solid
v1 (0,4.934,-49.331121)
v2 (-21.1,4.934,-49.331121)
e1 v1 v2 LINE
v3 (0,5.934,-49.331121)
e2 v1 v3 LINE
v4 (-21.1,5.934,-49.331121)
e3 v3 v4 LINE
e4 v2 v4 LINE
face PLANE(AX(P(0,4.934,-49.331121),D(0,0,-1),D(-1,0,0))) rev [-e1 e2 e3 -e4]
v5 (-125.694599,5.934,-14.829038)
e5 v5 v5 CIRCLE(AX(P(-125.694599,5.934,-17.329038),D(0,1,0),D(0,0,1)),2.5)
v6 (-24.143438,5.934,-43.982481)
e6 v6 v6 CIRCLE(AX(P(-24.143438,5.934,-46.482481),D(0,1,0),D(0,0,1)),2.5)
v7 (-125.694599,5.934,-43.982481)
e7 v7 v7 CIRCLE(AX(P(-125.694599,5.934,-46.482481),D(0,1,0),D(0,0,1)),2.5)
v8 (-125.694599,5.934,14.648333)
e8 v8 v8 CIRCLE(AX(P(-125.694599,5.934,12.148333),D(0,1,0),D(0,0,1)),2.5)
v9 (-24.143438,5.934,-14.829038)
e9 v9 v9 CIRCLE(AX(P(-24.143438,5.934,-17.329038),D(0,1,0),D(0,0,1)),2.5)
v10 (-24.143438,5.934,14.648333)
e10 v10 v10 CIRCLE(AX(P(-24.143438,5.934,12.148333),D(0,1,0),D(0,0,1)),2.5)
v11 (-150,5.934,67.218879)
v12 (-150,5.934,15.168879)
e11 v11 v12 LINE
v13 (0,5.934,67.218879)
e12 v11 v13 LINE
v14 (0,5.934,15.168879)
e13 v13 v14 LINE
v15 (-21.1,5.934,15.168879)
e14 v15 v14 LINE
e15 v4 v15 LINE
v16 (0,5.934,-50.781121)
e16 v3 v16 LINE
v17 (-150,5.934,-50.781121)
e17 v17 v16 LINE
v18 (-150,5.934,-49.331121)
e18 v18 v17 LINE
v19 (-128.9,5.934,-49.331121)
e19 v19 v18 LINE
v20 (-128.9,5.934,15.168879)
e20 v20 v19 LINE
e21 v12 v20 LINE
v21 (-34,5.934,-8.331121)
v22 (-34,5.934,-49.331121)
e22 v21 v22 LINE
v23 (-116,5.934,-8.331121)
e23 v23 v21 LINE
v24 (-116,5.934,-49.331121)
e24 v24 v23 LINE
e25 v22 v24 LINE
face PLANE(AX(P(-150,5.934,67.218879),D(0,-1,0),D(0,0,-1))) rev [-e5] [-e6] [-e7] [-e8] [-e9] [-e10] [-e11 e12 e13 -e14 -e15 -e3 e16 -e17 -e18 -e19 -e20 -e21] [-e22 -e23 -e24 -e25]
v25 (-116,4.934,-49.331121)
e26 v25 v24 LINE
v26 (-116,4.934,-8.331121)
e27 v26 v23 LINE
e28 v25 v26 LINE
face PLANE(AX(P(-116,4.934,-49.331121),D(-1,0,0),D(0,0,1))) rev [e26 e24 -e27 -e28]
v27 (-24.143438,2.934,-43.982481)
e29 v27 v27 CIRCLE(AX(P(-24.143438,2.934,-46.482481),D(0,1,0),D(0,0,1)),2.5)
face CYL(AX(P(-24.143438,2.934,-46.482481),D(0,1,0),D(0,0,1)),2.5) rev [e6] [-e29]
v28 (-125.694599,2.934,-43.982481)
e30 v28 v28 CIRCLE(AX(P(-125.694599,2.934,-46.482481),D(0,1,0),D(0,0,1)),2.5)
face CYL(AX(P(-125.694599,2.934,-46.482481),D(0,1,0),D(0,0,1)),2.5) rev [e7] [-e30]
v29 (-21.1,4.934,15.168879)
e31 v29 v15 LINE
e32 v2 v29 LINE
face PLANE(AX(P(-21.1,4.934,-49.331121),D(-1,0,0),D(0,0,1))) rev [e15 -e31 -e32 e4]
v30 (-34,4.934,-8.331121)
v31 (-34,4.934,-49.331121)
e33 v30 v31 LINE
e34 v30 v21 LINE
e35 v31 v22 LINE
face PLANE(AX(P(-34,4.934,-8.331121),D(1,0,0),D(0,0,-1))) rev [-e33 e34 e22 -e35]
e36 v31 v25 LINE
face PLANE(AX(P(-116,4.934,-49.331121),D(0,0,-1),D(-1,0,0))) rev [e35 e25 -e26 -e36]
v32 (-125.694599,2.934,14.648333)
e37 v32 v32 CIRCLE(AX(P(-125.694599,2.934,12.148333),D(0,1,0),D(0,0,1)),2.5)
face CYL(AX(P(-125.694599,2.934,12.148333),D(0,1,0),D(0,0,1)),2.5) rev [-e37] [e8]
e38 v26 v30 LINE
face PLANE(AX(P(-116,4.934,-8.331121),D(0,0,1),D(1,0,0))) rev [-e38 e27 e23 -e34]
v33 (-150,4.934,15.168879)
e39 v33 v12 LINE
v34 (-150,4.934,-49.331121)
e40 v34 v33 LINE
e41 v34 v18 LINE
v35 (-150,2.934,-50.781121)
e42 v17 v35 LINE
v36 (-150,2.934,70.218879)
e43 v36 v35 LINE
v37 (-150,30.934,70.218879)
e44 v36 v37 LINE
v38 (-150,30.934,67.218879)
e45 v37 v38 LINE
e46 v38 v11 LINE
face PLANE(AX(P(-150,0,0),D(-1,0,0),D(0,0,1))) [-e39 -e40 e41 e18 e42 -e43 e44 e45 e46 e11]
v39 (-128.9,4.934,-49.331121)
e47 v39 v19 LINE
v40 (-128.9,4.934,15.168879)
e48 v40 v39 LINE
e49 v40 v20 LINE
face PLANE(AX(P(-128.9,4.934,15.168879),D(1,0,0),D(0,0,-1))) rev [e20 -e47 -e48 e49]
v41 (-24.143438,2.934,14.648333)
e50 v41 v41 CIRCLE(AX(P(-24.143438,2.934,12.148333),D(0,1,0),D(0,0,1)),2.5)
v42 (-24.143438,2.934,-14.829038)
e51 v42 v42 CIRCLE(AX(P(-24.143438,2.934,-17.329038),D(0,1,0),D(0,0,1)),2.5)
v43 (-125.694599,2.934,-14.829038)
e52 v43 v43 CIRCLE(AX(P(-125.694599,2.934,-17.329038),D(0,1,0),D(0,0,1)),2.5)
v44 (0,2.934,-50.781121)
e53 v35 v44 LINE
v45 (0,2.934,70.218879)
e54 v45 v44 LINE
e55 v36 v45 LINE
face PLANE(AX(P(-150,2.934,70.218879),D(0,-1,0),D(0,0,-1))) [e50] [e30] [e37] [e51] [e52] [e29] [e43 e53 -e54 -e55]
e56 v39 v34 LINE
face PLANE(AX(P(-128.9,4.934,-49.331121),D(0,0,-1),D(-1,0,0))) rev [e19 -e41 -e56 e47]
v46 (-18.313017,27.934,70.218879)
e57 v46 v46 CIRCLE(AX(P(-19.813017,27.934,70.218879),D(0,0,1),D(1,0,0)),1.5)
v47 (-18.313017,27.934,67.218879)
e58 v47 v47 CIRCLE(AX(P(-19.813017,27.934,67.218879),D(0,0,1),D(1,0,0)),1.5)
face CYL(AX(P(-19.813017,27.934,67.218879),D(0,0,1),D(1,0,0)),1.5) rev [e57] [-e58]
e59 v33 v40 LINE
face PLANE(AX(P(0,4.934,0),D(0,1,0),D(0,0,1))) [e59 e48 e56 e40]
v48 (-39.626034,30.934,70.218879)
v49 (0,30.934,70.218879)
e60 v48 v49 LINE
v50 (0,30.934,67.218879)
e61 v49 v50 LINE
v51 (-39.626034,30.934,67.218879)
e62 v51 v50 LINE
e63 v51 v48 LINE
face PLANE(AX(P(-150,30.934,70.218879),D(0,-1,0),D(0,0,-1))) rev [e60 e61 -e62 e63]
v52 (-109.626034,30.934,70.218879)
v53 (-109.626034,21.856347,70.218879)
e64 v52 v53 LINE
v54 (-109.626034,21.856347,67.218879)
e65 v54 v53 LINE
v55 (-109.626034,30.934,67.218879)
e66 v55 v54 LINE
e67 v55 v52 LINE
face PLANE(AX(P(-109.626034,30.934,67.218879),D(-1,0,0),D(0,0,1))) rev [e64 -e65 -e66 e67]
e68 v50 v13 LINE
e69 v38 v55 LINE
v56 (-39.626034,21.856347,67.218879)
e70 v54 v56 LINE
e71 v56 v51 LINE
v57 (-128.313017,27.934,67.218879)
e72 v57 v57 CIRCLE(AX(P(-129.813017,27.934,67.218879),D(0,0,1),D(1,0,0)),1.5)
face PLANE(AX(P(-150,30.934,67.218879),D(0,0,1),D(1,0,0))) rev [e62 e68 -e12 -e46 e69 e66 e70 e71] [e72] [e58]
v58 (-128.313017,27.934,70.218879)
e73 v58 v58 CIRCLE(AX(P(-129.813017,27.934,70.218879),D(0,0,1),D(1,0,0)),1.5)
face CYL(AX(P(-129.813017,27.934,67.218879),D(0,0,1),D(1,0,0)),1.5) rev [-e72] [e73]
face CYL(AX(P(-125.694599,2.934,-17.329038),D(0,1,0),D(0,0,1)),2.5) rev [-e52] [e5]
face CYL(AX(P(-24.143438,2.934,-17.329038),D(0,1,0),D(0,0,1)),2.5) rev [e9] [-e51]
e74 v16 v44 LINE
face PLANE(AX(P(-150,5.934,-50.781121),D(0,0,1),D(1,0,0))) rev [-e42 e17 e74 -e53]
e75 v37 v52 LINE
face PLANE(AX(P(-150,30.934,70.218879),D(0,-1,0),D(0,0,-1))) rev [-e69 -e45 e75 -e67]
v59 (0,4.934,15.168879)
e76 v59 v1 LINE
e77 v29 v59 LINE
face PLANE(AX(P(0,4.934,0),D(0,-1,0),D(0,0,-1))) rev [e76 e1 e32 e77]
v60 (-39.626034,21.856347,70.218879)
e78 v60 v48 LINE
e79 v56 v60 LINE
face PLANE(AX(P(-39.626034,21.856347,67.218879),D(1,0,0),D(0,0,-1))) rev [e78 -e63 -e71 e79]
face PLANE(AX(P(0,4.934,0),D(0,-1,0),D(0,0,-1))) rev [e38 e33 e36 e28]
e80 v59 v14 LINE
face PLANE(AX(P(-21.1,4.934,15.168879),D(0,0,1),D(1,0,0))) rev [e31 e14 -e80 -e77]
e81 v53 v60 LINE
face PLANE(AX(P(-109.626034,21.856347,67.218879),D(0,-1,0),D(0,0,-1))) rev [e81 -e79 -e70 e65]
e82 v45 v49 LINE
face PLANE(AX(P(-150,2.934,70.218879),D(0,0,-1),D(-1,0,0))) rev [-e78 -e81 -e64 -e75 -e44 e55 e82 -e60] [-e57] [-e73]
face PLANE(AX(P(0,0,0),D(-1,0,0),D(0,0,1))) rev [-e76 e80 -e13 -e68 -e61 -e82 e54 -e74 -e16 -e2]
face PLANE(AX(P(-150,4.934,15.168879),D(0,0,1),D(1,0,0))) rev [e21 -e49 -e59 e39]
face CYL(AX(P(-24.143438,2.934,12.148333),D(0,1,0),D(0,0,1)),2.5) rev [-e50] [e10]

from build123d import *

# Parameters (mm, degrees)
BOSS_EXTRUDE1_DEPTH = 150
SKETCH2_W           = 70
SKETCH2_H           = 9.077653183
CUT_EXTRUDE2_DEPTH  = 3
SKETCH3_W           = 21.1
SKETCH3_H           = 64.5
CUT_EXTRUDE3_DEPTH  = 1
SKETCH4_W           = 82
SKETCH4_H           = 41
CUT_EXTRUDE4_DEPTH  = 1
SKETCH5_R           = 2.5
CUT_EXTRUDE5_DEPTH  = 3
SKETCH6_R           = 1.5
CUT_EXTRUDE6_DEPTH  = 3


with BuildPart() as part:
    # Sketch1 → Boss-Extrude1 (new body)
    with BuildSketch(Plane(origin=(0, 0, 0), x_dir=(0, 0, -1), z_dir=(1, 0, 0))):
        Polygon((-70.218878969, 2.934000234), (-70.218878969, 30.934000234), (-67.218878969, 30.934000234), (-67.218878969, 5.934000234), (50.781121031, 5.934000234), (50.781121031, 2.934000234), align=None)
    extrude(amount=-BOSS_EXTRUDE1_DEPTH)

    # Sketch2 → Cut-Extrude2 (cut)
    with BuildSketch(Plane.XY.offset(70.218878969)):
        with Locations((-74.626034168, 26.395173643)):
            Rectangle(SKETCH2_W, SKETCH2_H)
    extrude(amount=-CUT_EXTRUDE2_DEPTH, mode=Mode.SUBTRACT)

    # Sketch3 → Cut-Extrude3 (cut)
    with BuildSketch(Plane(origin=(0, 5.934000234, 0), x_dir=(1, 0, 0), z_dir=(0, 1, 0))):
        with Locations((-10.55, 17.081121031)):
            Rectangle(SKETCH3_W, SKETCH3_H)
        with Locations((-139.45, 17.081121031)):
            Rectangle(SKETCH3_W, SKETCH3_H)
    extrude(amount=-CUT_EXTRUDE3_DEPTH, mode=Mode.SUBTRACT)

    # Sketch4 → Cut-Extrude4 (cut)
    with BuildSketch(Plane(origin=(0, 5.934000234, 0), x_dir=(1, 0, 0), z_dir=(0, 1, 0))):
        with Locations((-75, 28.831121031)):
            Rectangle(SKETCH4_W, SKETCH4_H)
    extrude(amount=-CUT_EXTRUDE4_DEPTH, mode=Mode.SUBTRACT)

    # Sketch5 → Cut-Extrude5 (cut)
    with BuildSketch(Plane(origin=(0, 5.934000234, 0), x_dir=(1, 0, 0), z_dir=(0, 1, 0))):
        with Locations(Location((-24.143437735, -12.14833258, 0), (0, 0, 270))):
            Circle(SKETCH5_R)
        with Locations(Location((-24.143437735, 46.482481241, 0), (0, 0, 270))):
            Circle(SKETCH5_R)
        with Locations(Location((-24.143437735, 17.329037904, 0), (0, 0, 270))):
            Circle(SKETCH5_R)
        with Locations(Location((-125.69459869, 46.482481241, 0), (0, 0, 270))):
            Circle(SKETCH5_R)
        with Locations(Location((-125.69459869, 17.329037904, 0), (0, 0, 270))):
            Circle(SKETCH5_R)
        with Locations(Location((-125.69459869, -12.14833258, 0), (0, 0, 270))):
            Circle(SKETCH5_R)
    extrude(amount=-CUT_EXTRUDE5_DEPTH, mode=Mode.SUBTRACT)

    # Sketch6 → Cut-Extrude6 (cut)
    with BuildSketch(Plane.XY.offset(70.218878969)):
        with Locations((-129.813017084, 27.934000234)):
            Circle(SKETCH6_R)
        with Locations((-19.813017084, 27.934000234)):
            Circle(SKETCH6_R)
    extrude(amount=-CUT_EXTRUDE6_DEPTH, mode=Mode.SUBTRACT)


solid = part.part
